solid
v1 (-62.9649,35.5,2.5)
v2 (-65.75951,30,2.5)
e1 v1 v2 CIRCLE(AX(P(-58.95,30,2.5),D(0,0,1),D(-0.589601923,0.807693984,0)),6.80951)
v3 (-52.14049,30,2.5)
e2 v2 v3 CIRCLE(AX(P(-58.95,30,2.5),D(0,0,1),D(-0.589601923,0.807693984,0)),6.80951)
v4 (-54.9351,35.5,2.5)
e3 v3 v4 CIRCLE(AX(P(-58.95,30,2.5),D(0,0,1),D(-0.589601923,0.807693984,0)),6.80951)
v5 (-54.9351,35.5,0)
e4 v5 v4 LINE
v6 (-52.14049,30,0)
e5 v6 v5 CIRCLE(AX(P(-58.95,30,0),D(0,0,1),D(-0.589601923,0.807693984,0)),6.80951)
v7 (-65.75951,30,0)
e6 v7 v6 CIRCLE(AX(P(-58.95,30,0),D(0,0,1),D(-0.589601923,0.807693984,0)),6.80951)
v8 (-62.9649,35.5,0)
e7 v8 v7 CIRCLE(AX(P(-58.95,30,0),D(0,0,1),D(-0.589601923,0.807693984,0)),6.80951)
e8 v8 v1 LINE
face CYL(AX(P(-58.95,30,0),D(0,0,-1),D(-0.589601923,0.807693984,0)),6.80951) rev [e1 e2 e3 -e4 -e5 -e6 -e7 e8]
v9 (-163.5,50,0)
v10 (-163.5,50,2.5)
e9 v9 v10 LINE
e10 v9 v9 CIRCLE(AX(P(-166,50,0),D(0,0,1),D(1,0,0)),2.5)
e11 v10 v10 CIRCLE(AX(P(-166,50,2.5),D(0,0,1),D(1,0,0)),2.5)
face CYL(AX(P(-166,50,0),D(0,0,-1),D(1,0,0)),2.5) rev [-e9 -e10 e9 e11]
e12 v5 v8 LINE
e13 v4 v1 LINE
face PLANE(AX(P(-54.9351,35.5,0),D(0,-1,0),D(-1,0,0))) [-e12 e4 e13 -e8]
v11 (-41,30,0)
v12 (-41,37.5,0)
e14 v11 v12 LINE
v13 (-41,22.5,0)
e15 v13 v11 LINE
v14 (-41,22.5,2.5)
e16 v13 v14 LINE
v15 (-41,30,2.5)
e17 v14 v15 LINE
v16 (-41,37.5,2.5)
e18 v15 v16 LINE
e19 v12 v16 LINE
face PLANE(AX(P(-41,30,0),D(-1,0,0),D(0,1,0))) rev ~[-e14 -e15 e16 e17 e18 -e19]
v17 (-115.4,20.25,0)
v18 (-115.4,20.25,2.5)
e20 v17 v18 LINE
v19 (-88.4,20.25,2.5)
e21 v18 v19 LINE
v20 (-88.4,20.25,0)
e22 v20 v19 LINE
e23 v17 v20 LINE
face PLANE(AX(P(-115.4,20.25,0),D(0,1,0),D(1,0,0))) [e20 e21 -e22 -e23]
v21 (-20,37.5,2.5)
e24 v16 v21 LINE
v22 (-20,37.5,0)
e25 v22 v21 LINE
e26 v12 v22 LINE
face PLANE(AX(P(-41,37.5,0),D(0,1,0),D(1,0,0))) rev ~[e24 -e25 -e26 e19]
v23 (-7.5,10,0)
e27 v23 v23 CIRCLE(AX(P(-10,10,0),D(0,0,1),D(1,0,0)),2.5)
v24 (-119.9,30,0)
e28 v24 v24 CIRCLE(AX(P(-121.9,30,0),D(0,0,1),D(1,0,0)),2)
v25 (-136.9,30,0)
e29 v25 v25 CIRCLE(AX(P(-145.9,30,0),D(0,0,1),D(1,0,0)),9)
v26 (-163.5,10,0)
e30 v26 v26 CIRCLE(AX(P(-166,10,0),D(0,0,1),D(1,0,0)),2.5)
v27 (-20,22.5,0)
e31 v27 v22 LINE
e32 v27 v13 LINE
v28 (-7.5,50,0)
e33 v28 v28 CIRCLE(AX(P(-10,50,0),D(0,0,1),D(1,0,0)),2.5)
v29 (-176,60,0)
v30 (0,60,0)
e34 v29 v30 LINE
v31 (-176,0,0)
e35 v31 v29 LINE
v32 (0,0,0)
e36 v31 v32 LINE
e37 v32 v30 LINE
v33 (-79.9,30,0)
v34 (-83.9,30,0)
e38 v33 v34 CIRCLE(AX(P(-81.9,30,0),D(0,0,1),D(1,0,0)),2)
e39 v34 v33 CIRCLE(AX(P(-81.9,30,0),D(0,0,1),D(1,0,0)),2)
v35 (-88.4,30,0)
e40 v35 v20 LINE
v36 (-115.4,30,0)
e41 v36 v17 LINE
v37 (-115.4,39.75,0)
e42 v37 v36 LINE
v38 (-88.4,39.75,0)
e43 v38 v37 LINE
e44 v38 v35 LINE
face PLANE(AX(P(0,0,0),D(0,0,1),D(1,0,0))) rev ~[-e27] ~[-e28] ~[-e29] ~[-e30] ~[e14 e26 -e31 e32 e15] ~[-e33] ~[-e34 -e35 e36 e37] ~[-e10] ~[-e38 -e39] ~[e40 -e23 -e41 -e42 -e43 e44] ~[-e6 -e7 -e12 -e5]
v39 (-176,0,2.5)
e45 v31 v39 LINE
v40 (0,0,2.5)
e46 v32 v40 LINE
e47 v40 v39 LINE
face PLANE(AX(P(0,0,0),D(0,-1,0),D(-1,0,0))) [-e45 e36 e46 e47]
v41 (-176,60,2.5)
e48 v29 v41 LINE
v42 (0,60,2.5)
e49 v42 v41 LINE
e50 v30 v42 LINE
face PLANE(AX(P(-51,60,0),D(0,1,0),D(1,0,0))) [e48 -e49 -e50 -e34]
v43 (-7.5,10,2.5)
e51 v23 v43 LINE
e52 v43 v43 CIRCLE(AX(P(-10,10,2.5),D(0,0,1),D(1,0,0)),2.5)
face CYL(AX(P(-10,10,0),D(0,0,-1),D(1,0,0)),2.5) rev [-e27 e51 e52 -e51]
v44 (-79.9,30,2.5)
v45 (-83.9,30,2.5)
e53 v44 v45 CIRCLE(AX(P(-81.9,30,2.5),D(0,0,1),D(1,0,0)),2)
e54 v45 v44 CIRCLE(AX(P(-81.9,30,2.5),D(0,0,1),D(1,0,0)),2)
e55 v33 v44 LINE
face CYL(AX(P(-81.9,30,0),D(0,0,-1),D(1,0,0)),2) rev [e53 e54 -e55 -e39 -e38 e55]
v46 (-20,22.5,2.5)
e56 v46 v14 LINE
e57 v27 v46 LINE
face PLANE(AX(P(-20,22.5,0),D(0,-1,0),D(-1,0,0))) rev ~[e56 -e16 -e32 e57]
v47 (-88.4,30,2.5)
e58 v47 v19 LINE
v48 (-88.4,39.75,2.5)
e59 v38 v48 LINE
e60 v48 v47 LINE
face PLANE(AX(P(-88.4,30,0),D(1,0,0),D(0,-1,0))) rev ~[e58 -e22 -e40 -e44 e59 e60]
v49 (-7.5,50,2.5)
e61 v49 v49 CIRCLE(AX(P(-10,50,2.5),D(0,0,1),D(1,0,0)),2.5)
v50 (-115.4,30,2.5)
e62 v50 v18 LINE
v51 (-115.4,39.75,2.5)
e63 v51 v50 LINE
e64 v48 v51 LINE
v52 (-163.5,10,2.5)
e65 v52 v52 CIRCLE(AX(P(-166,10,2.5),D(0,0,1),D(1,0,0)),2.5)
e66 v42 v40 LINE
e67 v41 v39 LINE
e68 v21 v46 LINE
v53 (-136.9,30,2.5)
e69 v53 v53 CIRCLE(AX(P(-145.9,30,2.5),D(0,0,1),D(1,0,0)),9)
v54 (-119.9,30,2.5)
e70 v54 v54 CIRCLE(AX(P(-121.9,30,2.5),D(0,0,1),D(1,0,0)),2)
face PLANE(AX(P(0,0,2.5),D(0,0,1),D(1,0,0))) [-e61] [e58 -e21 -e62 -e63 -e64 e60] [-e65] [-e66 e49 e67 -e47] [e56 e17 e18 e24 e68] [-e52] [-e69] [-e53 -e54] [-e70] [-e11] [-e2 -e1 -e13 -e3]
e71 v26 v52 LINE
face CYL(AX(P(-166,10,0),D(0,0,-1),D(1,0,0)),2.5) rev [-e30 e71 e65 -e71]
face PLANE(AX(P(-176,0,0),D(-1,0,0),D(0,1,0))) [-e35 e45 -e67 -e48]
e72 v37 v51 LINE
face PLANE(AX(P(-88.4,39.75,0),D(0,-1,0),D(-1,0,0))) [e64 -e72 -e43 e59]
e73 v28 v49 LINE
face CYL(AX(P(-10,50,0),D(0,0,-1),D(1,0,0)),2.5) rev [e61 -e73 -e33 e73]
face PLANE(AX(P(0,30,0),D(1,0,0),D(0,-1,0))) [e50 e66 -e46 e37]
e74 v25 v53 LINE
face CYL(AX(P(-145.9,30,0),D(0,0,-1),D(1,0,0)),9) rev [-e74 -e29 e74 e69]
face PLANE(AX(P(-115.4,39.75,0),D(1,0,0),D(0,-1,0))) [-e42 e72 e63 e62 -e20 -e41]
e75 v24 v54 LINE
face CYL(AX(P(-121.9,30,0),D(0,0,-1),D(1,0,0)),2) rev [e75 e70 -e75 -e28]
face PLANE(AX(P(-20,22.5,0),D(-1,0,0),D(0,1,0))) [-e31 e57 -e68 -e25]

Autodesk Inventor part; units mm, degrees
ref_plane "YZ Plane" through (0, 0, 0) normal (1, 0, 0) x (0, 1, 0)
ref_plane "XZ Plane" through (0, 0, 0) normal (0, 1, 0) x (-1, 0, 0)
ref_plane "XY Plane" through (0, 0, 0) normal (0, 0, 1) x (1, 0, 0)
sketch "Sketch1" plane through (0, 0, 0) normal (0, 0, 1) x (1, 0, 0)
  line L0 (0, 0) -> (-176, 0)
  line L1 (-176, 0) -> (-176, 60)
  line L2 (-176, 60) -> (0, 60)
  line L3 (0, 60) -> (0, 0)
  line L4 (0, 0) -> (-20, 0)
  line L5 (-20, 0) -> (-20, 30)
  line L6 (-20, 30) -> (0, 30)
  line L7 (0, 30) -> (0, 0)
  line L8 (-176, 0) -> (-156, 0)
  line L9 (-156, 0) -> (-156, 30)
  line L10 (-156, 30) -> (-176, 30)
  line L11 (-176, 30) -> (-176, 0)
  line L12 (-20, 22.5) -> (-41, 22.5)
  line L13 (-41, 22.5) -> (-41, 37.5)
  line L14 (-41, 37.5) -> (-20, 37.5)
  line L15 (-20, 37.5) -> (-20, 22.5)
  line L16 (-20, 22.5) -> (-41, 37.5) construction
  line L17 (-41, 22.5) -> (-20, 37.5) construction
  line L18 (-20, 30) -> (-51, 30)
  line L19 (-51, 30) -> (-66.9, 30)
  line L20 (-66.9, 30) -> (-76.9, 30)
  line L21 (-126.9, 20.25) -> (-76.9, 20.25)
  line L22 (-76.9, 20.25) -> (-76.9, 39.75)
  line L23 (-76.9, 39.75) -> (-126.9, 39.75)
  line L24 (-126.9, 39.75) -> (-126.9, 20.25)
  line L25 (-126.9, 20.25) -> (-76.9, 39.75) construction
  line L26 (-76.9, 20.25) -> (-126.9, 39.75) construction
  line L27 (-76.9, 39.75) -> (-88.4, 39.75)
  line L28 (-88.4, 39.75) -> (-88.4, 20.25)
  line L29 (-88.4, 20.25) -> (-76.9, 20.25)
  line L30 (-76.9, 20.25) -> (-76.9, 39.75)
  line L31 (-88.4, 39.75) -> (-115.4, 39.75)
  line L32 (-115.4, 39.75) -> (-115.4, 20.25)
  line L33 (-115.4, 20.25) -> (-88.4, 20.25)
  line L34 (-88.4, 20.25) -> (-88.4, 39.75)
  line L35 (-101.9, 30) -> (-81.9, 30)
  line L36 (-101.9, 30) -> (-121.9, 30)
  circle A0 centre (-121.9, 30) radius 2
  circle A1 centre (-81.9, 30) radius 2
  line L37 (-126.9, 30) -> (-136.9, 30)
  circle A2 centre (-145.9, 30) radius 9
  circle A3 centre (-145.9, 30) radius 7.5
  arc A4 (-62.9649, 35.5) -> (-54.9351, 35.5) centre (-58.95, 30) ccw
  line L38 (-66.9, 60) -> (-51, 60)
  line L39 (-51, 30) -> (-66.9, 30)
  line L40 (-66.9, 60) -> (-51, 60)
  line L41 (-54.9351, 35.5) -> (-62.9649, 35.5)
  circle A5 centre (-10, 10) radius 2.5
  circle A6 centre (-10, 50) radius 2.5
  circle A7 centre (-166, 50) radius 2.5
  circle A8 centre (-166, 10) radius 2.5
  point P0 (-30.5, 30)
  dimension "d0" = 176
  dimension "d1" = 60
  dimension "d2" = 20
  dimension "d3" = 20
  dimension "d4" = 21
  dimension "d5" = 15
  dimension "d6" = 31
  dimension "d8" = 10
  dimension "d9" = 19.5
  dimension "d10" = 11.5
  dimension "d11" = 27
  dimension "d12" = 20
  dimension "d13" = 20
  dimension "d14" = 4
  dimension "d15" = 4
  dimension "d16" = 10
  dimension "d17" = 18
  dimension "d18" = 15
  dimension "d19" = 13.619
  dimension "d21" = 5
  dimension "d22" = 5
  dimension "d23" = 5
  dimension "d24" = 5
extrude "Extrusion1" add sketch "Sketch1" along normal blind 2.5 contours L0 L5 L6 L3 | L22 L21 L28 L23 | L0 L9 L10 L1 L2 L3 L6 L15 L14 L13 L12 L5 | L0 L1 L10 L9 | L21 L24 L23 L32
properties part number "Delta Power Panel ex"
